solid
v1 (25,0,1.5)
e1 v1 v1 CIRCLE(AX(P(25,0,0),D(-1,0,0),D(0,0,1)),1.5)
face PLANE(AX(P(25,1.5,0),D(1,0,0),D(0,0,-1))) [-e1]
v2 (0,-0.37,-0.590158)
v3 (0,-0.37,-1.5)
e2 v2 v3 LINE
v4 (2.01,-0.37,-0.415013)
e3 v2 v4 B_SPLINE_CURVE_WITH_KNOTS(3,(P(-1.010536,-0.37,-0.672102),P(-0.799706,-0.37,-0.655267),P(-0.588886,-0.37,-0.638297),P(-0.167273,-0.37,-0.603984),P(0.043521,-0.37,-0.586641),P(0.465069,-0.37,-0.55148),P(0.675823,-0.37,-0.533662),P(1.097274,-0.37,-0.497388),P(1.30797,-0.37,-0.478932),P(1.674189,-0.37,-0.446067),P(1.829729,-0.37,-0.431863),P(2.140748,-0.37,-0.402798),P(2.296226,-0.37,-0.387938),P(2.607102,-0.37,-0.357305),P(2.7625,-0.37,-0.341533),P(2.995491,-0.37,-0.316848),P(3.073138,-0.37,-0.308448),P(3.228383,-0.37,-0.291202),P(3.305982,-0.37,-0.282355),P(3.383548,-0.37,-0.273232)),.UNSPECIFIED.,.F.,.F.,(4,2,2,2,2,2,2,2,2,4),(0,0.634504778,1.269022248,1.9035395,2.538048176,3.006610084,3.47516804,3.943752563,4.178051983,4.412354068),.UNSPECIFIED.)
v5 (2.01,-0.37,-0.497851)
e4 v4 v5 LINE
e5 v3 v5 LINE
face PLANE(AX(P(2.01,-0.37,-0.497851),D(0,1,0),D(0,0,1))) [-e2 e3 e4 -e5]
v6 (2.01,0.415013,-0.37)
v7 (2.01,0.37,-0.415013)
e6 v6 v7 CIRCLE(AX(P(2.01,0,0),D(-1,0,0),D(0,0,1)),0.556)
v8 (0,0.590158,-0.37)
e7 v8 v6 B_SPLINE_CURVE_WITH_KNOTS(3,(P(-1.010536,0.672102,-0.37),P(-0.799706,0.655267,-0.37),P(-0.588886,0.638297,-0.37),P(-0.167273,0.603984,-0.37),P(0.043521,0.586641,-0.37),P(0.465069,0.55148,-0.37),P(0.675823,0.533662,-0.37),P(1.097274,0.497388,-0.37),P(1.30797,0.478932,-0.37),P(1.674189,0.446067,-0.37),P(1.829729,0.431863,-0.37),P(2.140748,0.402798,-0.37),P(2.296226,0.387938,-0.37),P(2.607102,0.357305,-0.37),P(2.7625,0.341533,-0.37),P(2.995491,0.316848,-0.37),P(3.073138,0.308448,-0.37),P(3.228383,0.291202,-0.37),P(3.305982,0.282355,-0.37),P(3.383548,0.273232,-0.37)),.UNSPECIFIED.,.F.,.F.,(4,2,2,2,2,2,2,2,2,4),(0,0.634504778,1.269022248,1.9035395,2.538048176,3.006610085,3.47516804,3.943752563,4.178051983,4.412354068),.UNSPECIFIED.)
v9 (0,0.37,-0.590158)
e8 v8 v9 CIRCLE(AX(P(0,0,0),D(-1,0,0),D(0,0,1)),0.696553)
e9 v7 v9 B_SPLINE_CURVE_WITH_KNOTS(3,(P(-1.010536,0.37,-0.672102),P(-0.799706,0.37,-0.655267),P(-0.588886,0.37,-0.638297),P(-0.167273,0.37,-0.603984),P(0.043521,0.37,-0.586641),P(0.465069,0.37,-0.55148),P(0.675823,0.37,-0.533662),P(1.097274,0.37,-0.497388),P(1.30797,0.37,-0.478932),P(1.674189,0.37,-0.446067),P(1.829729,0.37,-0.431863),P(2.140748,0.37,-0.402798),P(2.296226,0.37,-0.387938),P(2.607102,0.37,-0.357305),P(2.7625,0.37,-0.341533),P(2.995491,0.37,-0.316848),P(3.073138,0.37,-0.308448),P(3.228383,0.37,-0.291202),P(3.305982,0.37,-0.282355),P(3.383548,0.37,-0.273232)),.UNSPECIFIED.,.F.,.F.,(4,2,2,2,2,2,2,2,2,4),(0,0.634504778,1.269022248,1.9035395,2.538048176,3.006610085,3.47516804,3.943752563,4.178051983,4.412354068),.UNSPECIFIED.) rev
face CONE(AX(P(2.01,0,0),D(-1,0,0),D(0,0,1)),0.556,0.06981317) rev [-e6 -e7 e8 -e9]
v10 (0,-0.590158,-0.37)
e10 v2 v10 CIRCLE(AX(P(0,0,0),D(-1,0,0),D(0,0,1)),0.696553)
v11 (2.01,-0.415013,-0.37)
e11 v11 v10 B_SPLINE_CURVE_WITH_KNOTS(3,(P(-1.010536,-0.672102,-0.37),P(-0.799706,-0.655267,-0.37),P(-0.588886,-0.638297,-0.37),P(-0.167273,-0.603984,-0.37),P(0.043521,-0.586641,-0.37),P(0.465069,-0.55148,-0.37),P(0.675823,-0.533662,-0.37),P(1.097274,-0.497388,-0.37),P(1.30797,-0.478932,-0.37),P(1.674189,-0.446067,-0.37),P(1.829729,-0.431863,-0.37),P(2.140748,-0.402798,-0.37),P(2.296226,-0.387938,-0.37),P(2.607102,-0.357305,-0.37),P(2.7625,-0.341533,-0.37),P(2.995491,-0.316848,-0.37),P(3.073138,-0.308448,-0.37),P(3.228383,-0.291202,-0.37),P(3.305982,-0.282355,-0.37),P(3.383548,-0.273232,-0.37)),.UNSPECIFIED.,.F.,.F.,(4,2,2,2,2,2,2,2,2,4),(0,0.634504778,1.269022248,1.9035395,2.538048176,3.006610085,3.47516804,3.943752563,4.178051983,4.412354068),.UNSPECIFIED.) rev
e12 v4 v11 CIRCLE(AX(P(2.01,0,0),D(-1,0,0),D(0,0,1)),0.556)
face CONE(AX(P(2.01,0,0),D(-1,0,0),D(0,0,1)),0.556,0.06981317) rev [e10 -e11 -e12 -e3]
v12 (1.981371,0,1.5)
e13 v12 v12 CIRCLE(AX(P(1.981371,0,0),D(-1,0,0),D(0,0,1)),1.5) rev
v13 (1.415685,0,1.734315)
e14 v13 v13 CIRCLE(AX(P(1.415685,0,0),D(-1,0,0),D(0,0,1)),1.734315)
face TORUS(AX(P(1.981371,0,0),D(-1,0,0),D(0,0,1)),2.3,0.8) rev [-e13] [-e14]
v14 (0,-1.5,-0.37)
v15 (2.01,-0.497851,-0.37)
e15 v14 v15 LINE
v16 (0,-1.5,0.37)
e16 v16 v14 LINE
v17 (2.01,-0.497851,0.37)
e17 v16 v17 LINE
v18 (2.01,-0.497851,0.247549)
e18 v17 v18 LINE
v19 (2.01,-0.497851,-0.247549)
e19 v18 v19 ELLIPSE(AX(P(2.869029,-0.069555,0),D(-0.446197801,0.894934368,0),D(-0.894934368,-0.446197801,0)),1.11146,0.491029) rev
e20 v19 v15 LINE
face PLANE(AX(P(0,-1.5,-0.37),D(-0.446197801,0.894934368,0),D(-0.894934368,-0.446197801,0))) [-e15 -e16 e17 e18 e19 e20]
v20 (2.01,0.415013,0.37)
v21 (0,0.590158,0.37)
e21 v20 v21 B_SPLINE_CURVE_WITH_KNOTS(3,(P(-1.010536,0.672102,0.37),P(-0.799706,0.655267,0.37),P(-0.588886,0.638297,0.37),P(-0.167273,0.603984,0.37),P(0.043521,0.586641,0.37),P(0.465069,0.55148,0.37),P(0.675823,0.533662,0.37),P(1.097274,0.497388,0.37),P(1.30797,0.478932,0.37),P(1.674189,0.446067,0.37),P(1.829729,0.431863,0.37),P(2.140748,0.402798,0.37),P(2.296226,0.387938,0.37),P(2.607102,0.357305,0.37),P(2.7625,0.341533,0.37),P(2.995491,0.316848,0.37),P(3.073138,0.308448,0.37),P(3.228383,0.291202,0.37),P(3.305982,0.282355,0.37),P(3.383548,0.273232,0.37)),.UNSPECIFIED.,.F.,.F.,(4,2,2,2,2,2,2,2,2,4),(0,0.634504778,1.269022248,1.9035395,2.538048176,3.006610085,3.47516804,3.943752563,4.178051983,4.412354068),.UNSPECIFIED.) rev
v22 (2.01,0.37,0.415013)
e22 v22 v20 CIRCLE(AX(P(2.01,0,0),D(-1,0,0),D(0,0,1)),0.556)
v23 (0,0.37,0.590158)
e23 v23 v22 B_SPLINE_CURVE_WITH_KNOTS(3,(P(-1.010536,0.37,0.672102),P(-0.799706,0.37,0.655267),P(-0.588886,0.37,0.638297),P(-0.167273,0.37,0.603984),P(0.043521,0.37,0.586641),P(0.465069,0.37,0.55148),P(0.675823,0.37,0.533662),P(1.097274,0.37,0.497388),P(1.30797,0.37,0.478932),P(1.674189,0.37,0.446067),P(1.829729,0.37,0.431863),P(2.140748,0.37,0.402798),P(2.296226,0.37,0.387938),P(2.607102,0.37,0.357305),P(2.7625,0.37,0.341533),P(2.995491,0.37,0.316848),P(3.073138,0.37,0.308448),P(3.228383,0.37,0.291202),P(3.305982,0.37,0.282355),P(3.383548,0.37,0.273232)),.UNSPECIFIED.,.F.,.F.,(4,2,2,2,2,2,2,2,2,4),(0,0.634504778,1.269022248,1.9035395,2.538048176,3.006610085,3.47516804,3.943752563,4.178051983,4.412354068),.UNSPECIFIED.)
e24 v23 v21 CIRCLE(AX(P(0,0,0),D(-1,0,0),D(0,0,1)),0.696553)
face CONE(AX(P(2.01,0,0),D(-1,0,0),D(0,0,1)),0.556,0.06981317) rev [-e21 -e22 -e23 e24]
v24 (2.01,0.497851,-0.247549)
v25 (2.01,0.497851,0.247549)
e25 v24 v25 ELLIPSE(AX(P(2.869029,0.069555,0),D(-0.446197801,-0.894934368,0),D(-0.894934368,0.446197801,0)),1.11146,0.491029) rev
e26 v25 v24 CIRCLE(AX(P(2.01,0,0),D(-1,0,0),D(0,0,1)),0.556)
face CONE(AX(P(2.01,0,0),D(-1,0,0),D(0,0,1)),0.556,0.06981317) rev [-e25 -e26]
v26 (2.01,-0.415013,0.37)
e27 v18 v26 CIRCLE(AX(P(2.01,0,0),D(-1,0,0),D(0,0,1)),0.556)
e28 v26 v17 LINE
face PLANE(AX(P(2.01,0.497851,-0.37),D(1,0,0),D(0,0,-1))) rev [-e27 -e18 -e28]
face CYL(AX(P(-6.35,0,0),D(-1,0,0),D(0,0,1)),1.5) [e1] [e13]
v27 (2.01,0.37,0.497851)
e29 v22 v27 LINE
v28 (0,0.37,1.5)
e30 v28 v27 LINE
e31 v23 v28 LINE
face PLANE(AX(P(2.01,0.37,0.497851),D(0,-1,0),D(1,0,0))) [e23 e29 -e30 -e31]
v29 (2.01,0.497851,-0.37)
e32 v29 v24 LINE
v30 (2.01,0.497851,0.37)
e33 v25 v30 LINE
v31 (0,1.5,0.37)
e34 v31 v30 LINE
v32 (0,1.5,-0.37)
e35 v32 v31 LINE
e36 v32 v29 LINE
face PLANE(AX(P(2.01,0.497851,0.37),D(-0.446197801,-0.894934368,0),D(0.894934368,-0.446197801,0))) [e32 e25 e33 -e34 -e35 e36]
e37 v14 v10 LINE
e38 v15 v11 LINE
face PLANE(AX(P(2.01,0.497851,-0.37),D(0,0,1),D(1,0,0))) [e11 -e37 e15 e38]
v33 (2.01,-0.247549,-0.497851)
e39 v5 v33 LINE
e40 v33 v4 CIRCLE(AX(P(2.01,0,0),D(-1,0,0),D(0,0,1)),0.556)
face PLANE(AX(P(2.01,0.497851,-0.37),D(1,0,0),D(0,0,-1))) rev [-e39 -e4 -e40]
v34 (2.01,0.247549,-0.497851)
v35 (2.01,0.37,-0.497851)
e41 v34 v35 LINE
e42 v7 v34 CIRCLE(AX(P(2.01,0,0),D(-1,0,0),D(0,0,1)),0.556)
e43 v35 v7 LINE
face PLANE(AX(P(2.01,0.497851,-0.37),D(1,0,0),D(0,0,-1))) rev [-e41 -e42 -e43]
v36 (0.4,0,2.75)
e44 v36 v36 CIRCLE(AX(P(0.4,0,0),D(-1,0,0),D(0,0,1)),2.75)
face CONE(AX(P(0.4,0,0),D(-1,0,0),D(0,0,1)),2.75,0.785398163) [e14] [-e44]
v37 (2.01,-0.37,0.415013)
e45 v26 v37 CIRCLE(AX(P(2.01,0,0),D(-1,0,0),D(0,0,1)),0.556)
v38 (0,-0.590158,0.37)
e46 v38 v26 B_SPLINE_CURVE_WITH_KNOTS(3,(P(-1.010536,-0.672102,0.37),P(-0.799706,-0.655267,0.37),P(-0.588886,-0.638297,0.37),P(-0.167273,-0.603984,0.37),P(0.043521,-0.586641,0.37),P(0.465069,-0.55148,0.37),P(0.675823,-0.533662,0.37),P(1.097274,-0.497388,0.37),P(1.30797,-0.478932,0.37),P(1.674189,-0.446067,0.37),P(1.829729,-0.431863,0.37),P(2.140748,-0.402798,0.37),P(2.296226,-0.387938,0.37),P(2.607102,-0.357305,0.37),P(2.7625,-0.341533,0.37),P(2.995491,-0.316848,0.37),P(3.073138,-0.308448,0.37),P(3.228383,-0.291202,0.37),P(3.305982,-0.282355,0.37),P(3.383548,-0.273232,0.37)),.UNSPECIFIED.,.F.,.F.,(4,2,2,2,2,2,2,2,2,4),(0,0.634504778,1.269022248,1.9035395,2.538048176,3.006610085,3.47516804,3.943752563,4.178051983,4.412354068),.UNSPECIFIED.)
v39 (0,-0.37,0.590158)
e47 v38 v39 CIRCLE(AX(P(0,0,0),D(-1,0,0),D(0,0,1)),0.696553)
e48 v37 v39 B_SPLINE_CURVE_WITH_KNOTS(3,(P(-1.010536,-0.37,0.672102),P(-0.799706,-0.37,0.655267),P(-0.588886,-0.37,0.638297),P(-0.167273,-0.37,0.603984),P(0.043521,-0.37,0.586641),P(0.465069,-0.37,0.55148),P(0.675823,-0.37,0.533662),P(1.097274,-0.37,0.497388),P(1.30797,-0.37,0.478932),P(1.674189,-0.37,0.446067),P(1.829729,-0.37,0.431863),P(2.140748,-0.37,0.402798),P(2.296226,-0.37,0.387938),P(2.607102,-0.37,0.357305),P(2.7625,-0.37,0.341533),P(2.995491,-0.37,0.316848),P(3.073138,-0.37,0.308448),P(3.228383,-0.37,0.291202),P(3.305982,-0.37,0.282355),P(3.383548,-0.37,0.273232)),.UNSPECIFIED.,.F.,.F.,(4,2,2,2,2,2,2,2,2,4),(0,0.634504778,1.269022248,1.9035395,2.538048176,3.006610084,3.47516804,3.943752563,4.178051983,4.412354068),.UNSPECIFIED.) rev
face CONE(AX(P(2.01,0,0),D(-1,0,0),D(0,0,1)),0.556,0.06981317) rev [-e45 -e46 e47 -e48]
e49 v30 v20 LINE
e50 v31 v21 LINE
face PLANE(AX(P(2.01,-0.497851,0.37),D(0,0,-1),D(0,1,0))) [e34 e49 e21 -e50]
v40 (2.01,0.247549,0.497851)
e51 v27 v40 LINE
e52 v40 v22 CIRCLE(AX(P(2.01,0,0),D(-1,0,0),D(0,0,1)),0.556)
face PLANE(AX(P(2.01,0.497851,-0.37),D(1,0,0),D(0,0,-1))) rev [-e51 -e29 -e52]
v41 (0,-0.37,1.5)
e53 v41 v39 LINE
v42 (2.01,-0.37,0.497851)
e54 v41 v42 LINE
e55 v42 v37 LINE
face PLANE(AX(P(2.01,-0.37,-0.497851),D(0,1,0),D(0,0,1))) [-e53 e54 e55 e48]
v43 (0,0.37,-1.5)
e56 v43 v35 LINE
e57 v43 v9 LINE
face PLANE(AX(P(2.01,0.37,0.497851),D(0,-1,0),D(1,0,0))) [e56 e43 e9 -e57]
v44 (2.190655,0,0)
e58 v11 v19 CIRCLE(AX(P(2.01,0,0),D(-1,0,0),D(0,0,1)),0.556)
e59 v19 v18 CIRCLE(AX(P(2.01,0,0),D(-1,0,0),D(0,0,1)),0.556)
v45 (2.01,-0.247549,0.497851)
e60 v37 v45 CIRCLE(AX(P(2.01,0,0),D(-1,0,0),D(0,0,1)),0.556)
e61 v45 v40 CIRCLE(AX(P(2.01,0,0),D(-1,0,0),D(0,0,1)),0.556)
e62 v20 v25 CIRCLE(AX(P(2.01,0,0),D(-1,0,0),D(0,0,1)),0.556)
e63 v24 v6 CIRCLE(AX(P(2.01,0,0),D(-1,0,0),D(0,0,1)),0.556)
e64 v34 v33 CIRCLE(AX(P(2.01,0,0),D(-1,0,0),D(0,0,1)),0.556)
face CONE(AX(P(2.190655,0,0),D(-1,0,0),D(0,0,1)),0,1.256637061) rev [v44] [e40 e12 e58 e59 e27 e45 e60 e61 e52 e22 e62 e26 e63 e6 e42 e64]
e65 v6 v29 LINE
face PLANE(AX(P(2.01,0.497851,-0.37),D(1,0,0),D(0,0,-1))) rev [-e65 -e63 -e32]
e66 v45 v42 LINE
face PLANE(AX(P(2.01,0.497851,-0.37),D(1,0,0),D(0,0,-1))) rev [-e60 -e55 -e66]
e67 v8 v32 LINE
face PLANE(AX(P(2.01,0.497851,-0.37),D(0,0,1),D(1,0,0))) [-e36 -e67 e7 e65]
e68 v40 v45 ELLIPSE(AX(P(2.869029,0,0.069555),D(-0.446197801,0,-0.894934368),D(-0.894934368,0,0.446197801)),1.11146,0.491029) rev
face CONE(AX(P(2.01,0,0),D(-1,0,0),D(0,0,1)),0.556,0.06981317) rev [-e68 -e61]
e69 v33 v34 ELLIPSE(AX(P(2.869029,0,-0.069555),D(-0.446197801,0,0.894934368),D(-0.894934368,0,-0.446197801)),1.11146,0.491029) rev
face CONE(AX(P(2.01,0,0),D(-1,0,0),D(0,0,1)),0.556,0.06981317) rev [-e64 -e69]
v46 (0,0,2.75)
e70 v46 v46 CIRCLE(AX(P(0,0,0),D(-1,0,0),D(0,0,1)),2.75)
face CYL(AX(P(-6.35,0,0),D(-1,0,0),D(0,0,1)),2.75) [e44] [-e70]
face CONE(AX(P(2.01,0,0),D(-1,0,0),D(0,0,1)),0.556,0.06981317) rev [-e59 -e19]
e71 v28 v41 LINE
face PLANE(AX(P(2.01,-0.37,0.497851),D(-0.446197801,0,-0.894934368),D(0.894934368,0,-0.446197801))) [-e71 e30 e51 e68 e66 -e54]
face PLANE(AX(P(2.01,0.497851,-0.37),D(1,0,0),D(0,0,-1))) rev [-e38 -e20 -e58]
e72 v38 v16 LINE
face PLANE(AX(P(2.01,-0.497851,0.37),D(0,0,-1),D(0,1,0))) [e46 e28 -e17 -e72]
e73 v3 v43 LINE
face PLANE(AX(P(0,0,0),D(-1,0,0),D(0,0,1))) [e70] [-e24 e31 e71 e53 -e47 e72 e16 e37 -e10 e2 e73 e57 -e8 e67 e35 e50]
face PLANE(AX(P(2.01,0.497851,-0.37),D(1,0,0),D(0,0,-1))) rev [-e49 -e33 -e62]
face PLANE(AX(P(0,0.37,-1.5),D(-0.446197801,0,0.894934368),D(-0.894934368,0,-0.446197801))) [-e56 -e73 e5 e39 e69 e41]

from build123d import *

# Parameters (mm, degrees)
FILLET1_R    = 0.8
SKETCH3_W    = 0.74
SKETCH3_H    = 3
SKETCH4_W    = 0.74
SKETCH4_H    = 0.995702004
RECPAT_COUNT = 2
RECPAT_ANGLE = 90


with BuildPart() as part:
    # BodySke → Base-Revolve (revolve)
    with BuildSketch(Plane.XY):
        Polygon((0, 0), (0, 2.75), (0.4, 2.75), (1.65, 1.5), (25, 1.5), (25, 0), align=None)
    revolve(axis=Axis((-6.35, 0, 0), (1, 0, 0)))

    # Fillet1
    fillet1_edges = [part.edges().sort_by_distance(p)[0] for p in [
        (1.65, -1.5, 0),
    ]]
    fillet(fillet1_edges, radius=FILLET1_R)

    # Sketch3 → Recess section 0
    with BuildSketch(Plane.ZY):
        Rectangle(SKETCH3_W, SKETCH3_H)
    # Sketch4 → Recess section 1
    with BuildSketch(Plane.ZY.offset(-2.01)):
        Rectangle(SKETCH4_W, SKETCH4_H)
    recess = loft(mode=Mode.SUBTRACT)

    # RecPat: Recess ×2 about axis
    recpat_axis = Axis((0, 0, 0), (1, 0, 0))
    for i in range(1, RECPAT_COUNT):
        add(recess.rotate(recpat_axis, i * RECPAT_ANGLE / (RECPAT_COUNT - 1)), mode=Mode.SUBTRACT)

    # RecCorSke → RecessCore (revolve, cut)
    with BuildSketch(Plane.XY):
        Polygon((0, 0), (0, 0.696552892), (2.01, 0.556), (2.190655351, 0), align=None)
    revolve(axis=Axis((-3.175, 0, 0), (1, 0, 0)), mode=Mode.SUBTRACT)


solid = part.part
